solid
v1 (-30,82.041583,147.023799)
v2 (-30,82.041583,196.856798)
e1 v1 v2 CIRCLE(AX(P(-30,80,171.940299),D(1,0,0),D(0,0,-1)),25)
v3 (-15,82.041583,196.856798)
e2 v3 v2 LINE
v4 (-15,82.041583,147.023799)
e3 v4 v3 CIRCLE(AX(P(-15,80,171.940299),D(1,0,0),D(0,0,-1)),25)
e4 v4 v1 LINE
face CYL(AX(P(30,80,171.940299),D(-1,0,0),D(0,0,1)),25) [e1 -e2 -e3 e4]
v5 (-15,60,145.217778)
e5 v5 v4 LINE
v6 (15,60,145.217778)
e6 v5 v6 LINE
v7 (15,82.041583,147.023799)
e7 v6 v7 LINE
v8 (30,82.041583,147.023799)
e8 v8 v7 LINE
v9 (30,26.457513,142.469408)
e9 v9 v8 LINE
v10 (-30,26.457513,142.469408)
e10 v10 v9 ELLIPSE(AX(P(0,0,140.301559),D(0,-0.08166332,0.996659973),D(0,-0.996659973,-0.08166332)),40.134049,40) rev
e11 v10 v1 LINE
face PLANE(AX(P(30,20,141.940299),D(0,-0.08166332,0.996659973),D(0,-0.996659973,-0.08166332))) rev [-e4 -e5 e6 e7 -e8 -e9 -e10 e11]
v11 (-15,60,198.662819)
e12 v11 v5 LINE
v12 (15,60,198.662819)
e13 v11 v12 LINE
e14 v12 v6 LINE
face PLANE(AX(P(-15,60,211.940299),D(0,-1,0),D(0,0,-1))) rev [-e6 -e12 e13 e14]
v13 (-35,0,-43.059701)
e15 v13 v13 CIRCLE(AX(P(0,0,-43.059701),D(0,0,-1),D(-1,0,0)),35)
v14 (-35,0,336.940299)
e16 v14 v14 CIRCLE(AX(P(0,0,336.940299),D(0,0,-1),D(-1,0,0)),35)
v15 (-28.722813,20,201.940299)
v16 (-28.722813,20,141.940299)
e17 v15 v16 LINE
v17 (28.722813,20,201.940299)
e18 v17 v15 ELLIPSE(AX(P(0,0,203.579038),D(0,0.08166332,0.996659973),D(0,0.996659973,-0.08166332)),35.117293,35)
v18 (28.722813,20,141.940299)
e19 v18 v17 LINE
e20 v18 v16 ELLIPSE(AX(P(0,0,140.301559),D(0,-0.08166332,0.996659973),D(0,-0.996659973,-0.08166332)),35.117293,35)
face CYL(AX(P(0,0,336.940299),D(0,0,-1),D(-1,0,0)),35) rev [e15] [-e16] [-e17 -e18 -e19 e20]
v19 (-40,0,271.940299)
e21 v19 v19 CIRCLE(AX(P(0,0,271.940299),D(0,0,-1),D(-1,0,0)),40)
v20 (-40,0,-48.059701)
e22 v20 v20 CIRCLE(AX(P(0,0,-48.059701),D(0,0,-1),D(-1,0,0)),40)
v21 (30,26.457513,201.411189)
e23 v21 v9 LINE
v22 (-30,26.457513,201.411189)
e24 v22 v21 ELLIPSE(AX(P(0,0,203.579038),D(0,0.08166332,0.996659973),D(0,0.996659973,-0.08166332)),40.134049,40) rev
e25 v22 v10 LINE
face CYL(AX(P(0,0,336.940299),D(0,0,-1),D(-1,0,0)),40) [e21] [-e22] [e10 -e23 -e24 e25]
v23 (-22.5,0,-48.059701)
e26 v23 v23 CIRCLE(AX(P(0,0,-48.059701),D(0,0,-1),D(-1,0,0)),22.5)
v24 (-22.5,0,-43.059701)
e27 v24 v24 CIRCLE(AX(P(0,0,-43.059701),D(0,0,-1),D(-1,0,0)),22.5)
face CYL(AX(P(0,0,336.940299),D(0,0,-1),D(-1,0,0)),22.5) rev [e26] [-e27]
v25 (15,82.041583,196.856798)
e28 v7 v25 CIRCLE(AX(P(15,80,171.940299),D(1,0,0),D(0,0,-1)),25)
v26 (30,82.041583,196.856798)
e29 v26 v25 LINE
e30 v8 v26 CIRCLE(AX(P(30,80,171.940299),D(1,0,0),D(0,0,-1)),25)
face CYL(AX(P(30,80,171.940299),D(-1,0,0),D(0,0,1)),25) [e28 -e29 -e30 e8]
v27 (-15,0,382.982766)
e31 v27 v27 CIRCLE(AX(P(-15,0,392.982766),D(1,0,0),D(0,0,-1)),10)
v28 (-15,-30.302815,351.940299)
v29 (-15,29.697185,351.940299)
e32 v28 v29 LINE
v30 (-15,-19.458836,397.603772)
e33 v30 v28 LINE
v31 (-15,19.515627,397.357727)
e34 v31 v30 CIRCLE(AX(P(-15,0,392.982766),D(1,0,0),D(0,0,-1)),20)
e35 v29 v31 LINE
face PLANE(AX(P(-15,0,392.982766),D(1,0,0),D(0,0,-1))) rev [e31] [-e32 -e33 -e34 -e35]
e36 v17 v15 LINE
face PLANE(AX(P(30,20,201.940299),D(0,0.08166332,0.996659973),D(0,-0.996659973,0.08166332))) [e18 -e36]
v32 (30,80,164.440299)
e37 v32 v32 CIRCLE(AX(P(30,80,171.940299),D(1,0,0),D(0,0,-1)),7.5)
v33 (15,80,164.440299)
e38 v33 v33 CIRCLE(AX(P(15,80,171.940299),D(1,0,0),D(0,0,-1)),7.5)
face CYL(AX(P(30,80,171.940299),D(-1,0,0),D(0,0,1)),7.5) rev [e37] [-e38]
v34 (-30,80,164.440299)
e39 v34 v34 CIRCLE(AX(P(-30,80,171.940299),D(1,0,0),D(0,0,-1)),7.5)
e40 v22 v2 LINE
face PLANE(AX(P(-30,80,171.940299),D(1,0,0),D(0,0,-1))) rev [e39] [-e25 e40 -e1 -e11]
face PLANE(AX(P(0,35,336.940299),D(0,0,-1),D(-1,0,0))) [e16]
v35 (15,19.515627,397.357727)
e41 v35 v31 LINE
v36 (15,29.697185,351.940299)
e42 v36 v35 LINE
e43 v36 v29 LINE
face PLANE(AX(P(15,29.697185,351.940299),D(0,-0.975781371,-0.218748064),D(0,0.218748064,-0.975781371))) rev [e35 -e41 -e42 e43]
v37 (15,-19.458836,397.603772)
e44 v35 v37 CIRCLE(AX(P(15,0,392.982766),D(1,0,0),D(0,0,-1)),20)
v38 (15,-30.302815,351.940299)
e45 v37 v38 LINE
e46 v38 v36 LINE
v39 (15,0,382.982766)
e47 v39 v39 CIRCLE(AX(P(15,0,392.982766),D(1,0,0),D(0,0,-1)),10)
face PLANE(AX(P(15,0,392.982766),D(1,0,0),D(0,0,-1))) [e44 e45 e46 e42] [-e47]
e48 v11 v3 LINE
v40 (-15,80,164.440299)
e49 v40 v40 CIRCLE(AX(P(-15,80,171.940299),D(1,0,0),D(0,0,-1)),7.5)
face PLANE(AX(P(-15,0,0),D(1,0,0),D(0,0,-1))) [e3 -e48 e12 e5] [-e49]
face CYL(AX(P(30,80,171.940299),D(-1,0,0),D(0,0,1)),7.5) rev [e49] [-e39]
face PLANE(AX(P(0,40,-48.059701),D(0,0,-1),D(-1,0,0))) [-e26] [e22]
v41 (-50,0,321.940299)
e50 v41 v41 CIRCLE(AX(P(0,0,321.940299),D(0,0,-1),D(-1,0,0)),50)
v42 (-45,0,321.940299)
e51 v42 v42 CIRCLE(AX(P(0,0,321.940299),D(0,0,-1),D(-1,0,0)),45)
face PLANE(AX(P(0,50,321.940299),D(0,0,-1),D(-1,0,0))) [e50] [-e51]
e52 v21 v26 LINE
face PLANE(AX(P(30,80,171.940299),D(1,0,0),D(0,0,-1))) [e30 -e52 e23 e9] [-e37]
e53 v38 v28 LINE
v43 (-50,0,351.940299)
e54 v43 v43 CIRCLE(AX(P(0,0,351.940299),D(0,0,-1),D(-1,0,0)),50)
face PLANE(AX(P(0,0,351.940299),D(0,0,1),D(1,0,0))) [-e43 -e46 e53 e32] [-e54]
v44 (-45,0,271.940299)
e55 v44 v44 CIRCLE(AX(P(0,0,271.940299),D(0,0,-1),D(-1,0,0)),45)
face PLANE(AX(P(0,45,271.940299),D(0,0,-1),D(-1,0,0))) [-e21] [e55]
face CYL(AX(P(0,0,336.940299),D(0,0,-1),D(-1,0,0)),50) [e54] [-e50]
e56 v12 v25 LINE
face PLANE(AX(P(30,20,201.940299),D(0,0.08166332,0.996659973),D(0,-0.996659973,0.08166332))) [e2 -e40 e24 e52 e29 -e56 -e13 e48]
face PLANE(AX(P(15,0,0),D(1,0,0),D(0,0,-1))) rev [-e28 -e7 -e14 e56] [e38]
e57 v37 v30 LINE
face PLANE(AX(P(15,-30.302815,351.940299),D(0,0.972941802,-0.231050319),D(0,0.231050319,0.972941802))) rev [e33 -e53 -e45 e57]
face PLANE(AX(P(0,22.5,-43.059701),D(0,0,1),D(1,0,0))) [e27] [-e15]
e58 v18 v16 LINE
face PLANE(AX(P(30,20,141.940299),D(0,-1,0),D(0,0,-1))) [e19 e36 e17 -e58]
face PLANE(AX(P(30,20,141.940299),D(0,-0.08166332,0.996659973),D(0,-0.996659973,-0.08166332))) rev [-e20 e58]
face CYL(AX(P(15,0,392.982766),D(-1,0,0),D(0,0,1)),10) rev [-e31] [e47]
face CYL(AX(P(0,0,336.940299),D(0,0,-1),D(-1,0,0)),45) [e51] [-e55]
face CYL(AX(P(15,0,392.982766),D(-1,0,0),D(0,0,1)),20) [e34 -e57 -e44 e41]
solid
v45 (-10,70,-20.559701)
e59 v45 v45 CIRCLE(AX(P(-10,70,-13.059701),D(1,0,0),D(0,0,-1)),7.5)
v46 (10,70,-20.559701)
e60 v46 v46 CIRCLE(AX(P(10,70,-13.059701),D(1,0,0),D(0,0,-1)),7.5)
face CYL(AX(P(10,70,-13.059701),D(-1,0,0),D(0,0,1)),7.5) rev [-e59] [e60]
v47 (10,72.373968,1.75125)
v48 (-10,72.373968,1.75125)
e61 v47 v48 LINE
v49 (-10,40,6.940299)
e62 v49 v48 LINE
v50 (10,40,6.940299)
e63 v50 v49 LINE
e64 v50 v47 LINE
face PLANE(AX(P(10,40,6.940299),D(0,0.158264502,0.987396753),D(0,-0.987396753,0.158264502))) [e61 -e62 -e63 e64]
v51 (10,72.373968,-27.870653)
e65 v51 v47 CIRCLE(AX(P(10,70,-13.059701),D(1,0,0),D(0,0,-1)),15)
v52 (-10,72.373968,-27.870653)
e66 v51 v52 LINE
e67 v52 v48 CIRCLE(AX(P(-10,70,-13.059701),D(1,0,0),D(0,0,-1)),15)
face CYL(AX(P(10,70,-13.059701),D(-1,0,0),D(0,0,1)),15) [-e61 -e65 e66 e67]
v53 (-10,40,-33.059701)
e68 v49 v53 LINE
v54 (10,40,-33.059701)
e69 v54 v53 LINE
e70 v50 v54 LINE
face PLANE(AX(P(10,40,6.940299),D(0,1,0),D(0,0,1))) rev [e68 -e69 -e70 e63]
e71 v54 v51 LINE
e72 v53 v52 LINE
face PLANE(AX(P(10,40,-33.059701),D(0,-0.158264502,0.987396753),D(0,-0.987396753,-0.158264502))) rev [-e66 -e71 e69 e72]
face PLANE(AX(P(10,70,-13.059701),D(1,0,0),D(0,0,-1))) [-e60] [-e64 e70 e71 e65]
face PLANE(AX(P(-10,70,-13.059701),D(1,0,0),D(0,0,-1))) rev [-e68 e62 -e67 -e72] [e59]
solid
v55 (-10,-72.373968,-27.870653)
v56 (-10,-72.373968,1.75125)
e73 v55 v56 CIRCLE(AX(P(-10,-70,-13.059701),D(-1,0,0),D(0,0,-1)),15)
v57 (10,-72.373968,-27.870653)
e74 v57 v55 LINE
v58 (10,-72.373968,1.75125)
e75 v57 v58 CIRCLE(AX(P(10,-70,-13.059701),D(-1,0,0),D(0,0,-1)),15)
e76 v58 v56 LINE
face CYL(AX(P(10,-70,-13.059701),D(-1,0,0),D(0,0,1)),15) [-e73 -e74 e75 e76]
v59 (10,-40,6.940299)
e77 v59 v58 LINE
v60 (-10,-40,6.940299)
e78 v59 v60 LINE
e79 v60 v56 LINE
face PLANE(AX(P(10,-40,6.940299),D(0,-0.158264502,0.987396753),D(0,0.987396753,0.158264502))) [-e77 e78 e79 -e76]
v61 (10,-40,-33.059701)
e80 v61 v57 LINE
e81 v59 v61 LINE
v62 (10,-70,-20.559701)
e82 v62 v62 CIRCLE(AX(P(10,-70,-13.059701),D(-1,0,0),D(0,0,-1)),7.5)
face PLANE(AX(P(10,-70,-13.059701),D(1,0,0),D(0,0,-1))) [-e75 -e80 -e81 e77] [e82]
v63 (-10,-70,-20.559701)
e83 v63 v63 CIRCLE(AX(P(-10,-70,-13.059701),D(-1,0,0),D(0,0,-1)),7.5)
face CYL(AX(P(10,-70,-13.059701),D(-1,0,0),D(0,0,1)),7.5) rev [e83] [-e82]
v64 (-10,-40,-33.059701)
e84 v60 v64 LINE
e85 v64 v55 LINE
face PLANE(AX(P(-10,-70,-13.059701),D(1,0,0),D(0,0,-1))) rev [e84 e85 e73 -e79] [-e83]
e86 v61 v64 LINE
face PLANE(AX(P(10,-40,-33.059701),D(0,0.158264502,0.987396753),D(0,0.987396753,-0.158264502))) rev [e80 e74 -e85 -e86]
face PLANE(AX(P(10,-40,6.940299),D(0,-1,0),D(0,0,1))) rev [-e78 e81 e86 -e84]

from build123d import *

# Parameters (mm, degrees)
SKETCH3_R           = 10
BOSS_EXTRUDE1_DEPTH = 15
SKETCH4_R           = 7.5
BOSS_EXTRUDE3_DEPTH = 10
SKETCH6_R           = 7.5
BOSS_EXTRUDE4_DEPTH = 30
SKETCH7_W           = 70
SKETCH7_H           = 80
CUT_EXTRUDE5_DEPTH  = 15


with BuildPart() as part:
    # Sketch1 → Revolve1 (revolve)
    with BuildSketch(Plane.YZ, mode=Mode.PRIVATE) as revolve1_sk:
        Polygon((0, 336.940298507), (0, 351.940298507), (50, 351.940298507), (50, 321.940298507), (45, 321.940298507), (45, 271.940298507), (40, 271.940298507), (40, -48.059701493), (22.5, -48.059701493), (22.5, -43.059701493), (35, -43.059701493), (35, 336.940298507), align=None)
    revolve(revolve1_sk.sketch.rotate(Axis((0, 0, 336.940298507), (0, 0, 1)), 90), axis=Axis((0, 0, 336.940298507), (0, 0, 1)))

    # Sketch3 → Boss-Extrude1 (add, symmetric)
    with BuildSketch(Plane.YZ):
        with BuildLine():
            Line((29.697185321, 351.940298507), (-30.302814679, 351.940298507))
            Line((-30.302814679, 351.940298507), (-19.458836039, 397.603771946))
            ThreePointArc((-19.458836039, 397.603771946), (0.126257133, 412.982367034), (19.515627425, 397.357726842))
            Line((19.515627425, 397.357726842), (29.697185321, 351.940298507))
        make_face()
        with Locations(Location((0, 392.98276556, 0), (0, 0, 270))):
            Circle(SKETCH3_R, mode=Mode.SUBTRACT)
    extrude(amount=BOSS_EXTRUDE1_DEPTH, both=True)

    # Sketch6 → Boss-Extrude4 (add, symmetric)
    with BuildSketch(Plane.YZ):
        with BuildLine():
            Line((20, 141.940298507), (20, 201.940298507))
            Line((20, 201.940298507), (82.041582998, 196.856797837))
            ThreePointArc((82.041582998, 196.856797837), (105, 171.940298507), (82.041582998, 147.023799177))
            Line((82.041582998, 147.023799177), (20, 141.940298507))
        make_face()
        with Locations(Location((80, 171.940298507, 0), (0, 0, 270))):
            Circle(SKETCH6_R, mode=Mode.SUBTRACT)
    extrude(amount=BOSS_EXTRUDE4_DEPTH, both=True)

    # Sketch7 → Cut-Extrude5 (cut, symmetric)
    with BuildSketch(Plane.YZ):
        with Locations((95, 171.940298507)):
            Rectangle(SKETCH7_W, SKETCH7_H)
    extrude(amount=CUT_EXTRUDE5_DEPTH, both=True, mode=Mode.SUBTRACT)


with BuildPart() as body_2:
    # Sketch4 → Boss-Extrude3 (new, symmetric)
    with BuildSketch(Plane.YZ):
        with BuildLine():
            Line((40, 6.940298507), (72.373967528, 1.7512498))
            ThreePointArc((72.373967528, 1.7512498), (85, -13.059701493), (72.373967528, -27.870652785))
            Line((72.373967528, -27.870652785), (40, -33.059701493))
            Line((40, -33.059701493), (40, 6.940298507))
        make_face()
        with Locations(Location((70, -13.059701493, 0), (0, 0, 270))):
            Circle(SKETCH4_R, mode=Mode.SUBTRACT)
    extrude(amount=BOSS_EXTRUDE3_DEPTH, both=True)


with BuildPart() as body_3:
    # Mirror3: mirrored copy
    add(body_2.part.mirror(Plane.ZX))


solid = Compound([part.part, body_2.part, body_3.part])
